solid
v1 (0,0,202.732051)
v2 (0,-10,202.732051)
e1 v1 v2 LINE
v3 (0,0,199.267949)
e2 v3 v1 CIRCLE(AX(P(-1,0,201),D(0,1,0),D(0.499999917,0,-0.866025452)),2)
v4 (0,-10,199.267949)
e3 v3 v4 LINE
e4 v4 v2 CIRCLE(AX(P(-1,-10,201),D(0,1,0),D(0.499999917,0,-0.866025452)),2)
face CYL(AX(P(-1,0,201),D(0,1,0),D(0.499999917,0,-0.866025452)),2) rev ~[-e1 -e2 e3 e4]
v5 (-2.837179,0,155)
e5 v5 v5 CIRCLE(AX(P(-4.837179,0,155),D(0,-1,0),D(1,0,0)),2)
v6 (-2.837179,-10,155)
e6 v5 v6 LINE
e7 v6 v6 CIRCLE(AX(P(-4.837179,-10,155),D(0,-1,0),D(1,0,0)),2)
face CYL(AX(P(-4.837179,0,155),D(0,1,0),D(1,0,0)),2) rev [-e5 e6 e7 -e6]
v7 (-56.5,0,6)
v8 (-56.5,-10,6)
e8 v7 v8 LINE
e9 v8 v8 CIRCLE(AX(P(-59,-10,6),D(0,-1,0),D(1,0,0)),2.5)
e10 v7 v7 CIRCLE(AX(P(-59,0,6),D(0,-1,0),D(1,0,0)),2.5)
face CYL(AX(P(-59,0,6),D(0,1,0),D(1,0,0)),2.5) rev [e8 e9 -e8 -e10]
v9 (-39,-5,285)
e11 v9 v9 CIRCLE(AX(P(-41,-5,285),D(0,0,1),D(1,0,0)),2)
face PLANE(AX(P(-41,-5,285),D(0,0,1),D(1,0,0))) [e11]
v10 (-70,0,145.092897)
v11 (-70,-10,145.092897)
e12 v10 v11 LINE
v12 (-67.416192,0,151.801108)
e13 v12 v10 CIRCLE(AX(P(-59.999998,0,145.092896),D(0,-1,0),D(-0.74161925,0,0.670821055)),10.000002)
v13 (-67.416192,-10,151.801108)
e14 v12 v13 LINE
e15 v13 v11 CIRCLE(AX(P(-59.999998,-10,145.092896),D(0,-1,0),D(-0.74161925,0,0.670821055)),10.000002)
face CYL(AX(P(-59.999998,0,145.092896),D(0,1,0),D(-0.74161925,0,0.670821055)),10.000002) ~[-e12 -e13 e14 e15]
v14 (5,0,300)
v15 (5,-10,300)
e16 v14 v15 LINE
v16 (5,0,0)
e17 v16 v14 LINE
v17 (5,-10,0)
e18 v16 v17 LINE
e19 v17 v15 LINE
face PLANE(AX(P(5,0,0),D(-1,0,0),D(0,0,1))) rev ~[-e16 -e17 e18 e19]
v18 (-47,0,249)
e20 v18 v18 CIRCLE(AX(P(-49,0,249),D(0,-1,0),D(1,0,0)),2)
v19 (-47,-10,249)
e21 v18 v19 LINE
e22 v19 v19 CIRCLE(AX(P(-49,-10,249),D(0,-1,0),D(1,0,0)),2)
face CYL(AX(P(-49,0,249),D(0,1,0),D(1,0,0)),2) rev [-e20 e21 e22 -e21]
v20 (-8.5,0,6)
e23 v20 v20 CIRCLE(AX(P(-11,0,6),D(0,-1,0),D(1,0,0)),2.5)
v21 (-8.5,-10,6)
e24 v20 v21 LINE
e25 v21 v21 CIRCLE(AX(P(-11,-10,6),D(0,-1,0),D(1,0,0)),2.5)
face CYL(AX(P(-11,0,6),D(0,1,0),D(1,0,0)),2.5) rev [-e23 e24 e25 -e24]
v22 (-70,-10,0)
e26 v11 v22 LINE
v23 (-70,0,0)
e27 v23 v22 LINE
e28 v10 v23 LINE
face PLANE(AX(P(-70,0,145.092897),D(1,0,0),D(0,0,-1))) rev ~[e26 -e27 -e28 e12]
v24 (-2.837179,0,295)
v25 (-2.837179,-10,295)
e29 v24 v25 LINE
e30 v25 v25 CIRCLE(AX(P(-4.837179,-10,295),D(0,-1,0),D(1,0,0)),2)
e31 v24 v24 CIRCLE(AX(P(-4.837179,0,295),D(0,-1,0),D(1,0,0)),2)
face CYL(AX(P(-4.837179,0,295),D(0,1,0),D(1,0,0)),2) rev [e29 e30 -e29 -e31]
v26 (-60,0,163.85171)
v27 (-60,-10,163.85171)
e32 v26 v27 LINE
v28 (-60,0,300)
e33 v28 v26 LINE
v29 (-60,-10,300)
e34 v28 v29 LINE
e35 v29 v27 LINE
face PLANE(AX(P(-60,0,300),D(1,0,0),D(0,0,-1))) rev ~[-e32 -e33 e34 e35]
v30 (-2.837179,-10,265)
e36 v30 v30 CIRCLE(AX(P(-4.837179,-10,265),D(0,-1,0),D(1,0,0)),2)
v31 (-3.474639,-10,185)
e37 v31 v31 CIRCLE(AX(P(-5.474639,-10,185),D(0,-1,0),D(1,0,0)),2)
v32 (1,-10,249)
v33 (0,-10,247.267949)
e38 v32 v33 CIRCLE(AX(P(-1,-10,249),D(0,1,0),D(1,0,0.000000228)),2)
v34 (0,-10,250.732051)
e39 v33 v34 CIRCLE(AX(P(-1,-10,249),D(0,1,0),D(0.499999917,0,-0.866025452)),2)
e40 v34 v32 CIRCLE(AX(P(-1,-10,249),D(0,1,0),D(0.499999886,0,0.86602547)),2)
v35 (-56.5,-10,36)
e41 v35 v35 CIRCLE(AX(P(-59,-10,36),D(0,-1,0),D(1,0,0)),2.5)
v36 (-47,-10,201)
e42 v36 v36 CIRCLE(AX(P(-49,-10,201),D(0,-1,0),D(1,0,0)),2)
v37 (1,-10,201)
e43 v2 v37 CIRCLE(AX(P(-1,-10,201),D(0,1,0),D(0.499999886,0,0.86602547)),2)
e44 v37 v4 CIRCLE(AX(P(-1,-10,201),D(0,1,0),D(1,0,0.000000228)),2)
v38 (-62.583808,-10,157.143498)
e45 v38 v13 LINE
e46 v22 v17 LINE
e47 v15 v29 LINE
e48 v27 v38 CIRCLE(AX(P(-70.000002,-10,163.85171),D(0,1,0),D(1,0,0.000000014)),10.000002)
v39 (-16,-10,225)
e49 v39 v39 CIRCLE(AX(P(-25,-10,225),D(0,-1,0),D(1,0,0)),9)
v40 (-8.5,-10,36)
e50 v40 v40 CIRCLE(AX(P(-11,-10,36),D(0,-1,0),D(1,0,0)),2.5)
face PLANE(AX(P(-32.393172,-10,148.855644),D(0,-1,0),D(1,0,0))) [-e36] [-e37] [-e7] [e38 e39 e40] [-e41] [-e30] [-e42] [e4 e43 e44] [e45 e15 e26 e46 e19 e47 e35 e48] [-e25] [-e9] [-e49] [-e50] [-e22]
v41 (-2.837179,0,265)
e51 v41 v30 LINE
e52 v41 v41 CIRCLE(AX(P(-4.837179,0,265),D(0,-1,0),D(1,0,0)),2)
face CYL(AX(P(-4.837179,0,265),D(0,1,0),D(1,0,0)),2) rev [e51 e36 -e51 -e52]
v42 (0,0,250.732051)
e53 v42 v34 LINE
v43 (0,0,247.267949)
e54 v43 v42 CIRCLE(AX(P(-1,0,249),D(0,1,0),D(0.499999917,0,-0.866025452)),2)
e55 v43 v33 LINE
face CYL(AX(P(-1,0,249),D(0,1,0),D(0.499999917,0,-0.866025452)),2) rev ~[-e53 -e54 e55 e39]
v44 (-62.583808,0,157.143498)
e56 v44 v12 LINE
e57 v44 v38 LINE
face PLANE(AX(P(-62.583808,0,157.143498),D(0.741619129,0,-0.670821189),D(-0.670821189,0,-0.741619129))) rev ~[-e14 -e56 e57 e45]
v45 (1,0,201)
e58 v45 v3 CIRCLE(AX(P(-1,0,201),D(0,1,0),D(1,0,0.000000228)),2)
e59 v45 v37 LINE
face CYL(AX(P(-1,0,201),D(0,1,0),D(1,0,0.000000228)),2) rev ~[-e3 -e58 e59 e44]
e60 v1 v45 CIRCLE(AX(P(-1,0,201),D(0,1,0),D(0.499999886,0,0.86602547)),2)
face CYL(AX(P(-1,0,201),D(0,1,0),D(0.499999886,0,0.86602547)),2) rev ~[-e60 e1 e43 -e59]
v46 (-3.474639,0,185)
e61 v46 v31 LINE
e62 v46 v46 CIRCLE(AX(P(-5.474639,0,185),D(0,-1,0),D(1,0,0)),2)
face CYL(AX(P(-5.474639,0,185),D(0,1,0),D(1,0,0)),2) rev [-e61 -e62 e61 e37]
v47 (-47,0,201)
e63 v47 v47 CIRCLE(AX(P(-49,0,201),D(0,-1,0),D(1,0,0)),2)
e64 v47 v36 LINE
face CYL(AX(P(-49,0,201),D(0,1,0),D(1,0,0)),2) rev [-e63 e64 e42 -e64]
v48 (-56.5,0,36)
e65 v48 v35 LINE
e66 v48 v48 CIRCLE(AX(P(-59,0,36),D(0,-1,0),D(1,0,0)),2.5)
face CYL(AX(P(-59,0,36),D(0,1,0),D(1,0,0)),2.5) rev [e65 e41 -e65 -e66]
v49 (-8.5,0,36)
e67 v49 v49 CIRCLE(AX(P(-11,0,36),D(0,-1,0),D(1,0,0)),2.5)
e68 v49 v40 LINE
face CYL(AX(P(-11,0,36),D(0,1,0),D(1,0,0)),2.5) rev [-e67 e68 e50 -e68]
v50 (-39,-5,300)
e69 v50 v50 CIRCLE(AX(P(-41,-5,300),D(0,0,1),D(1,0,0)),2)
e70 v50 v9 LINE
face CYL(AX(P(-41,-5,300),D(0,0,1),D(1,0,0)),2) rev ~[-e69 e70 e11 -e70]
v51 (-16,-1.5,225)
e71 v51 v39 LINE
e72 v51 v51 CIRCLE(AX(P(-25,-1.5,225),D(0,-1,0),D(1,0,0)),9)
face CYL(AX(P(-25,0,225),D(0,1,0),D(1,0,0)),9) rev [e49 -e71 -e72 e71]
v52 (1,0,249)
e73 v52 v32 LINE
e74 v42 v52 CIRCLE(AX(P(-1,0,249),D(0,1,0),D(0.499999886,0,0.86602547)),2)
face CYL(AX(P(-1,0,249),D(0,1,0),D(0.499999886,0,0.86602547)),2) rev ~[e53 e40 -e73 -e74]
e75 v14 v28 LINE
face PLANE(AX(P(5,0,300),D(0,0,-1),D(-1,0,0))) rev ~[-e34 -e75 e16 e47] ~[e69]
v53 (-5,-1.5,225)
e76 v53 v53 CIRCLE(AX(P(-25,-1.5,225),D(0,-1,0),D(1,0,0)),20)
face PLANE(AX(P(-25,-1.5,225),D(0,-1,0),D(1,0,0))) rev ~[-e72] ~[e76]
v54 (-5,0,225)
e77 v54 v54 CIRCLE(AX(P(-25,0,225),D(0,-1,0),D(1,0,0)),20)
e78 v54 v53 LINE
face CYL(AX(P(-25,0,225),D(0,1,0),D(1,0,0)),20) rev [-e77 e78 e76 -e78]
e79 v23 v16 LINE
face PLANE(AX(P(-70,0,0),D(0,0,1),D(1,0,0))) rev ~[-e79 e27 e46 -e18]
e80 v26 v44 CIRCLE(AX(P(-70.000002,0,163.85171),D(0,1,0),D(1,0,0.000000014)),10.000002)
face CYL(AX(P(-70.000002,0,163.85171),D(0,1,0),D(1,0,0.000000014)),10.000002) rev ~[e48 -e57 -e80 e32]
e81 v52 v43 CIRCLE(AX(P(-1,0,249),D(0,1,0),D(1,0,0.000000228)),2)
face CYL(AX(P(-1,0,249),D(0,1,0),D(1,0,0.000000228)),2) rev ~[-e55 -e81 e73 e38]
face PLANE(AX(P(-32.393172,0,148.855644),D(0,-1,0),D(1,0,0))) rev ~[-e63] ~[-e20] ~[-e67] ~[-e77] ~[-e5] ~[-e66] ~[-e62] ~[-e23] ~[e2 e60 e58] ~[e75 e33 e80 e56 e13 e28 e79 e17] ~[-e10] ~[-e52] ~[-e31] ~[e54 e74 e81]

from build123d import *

# Parameters (mm, degrees)
F0_R     = 2.5
F0_R_2   = 2
F0_R_3   = 20
F0_R_4   = 9
F1_DEPTH = 10
F2_R     = 2
F3_DEPTH = 15
F4_DEPTH = 1.5


with BuildPart() as f1:
    # F0 (on Front) → F1 (new body)
    with BuildSketch(Plane.XZ):
        with BuildLine():
            Line((-70, 0), (0, 0))
            Line((0, 0), (0, 199.267949))
            ThreePointArc((0, 199.267949), (-3, 201), (0, 202.732051))
            Line((0, 202.732051), (0, 247.267949))
            ThreePointArc((0, 247.267949), (-3, 249), (0, 250.732051))
            Line((0, 250.732051), (0, 300))
            Line((0, 300), (-60, 300))
            Line((-60, 300), (-60, 163.85171))
            ThreePointArc((-60, 163.85171), (-60.668282, 160.257403), (-62.583808, 157.143498))
            Line((-62.583808, 157.143498), (-67.416192, 151.801108))
            ThreePointArc((-67.416192, 151.801108), (-69.331718, 148.687203), (-70, 145.092897))
            Line((-70, 145.092897), (-70, 0))
        make_face()
        with Locations((-59, 6)):
            Circle(F0_R, mode=Mode.SUBTRACT)
        with Locations((-59, 36)):
            Circle(F0_R, mode=Mode.SUBTRACT)
        with Locations((-11, 6)):
            Circle(F0_R, mode=Mode.SUBTRACT)
        with Locations((-11, 36)):
            Circle(F0_R, mode=Mode.SUBTRACT)
        with Locations((-49, 201)):
            Circle(F0_R_2, mode=Mode.SUBTRACT)
        with Locations((-49, 249)):
            Circle(F0_R_2, mode=Mode.SUBTRACT)
        with Locations((-4.837179, 155)):
            Circle(F0_R_2, mode=Mode.SUBTRACT)
        with Locations((-5.474639, 185)):
            Circle(F0_R_2, mode=Mode.SUBTRACT)
        with Locations((-25, 225)):
            Circle(F0_R_3, mode=Mode.SUBTRACT)
        with Locations((-4.837179, 265)):
            Circle(F0_R_2, mode=Mode.SUBTRACT)
        with Locations((-4.837179, 295)):
            Circle(F0_R_2, mode=Mode.SUBTRACT)
        with Locations((-25, 225)):
            Circle(F0_R_3)
        with Locations((-25, 225)):
            Circle(F0_R_4, mode=Mode.SUBTRACT)
        with BuildLine():
            Line((0, 199.267949), (0, 0))
            Line((0, 0), (5, 0))
            Line((5, 0), (5, 300))
            Line((5, 300), (0, 300))
            Line((0, 300), (0, 250.732051))
            ThreePointArc((0, 250.732051), (0.732051, 250), (1, 249))
            ThreePointArc((1, 249), (0.732051, 248), (0, 247.267949))
            Line((0, 247.267949), (0, 202.732051))
            ThreePointArc((0, 202.732051), (0.732051, 202), (1, 201))
            ThreePointArc((1, 201), (0.732051, 200), (0, 199.267949))
        make_face()
    extrude(amount=F1_DEPTH)

    # F2 (on face) → F3 (cut)
    with BuildSketch(Plane.XY.offset(300)):
        with Locations((-41, -5)):
            Circle(F2_R)
    extrude(amount=-F3_DEPTH, mode=Mode.SUBTRACT)

    # F0 (on Front) → F4 (cut)
    with BuildSketch(Plane.XZ):
        with Locations((-25, 225)):
            Circle(F0_R_3)
        with Locations((-25, 225)):
            Circle(F0_R_4, mode=Mode.SUBTRACT)
    extrude(amount=F4_DEPTH, mode=Mode.SUBTRACT)


solid = f1.part
